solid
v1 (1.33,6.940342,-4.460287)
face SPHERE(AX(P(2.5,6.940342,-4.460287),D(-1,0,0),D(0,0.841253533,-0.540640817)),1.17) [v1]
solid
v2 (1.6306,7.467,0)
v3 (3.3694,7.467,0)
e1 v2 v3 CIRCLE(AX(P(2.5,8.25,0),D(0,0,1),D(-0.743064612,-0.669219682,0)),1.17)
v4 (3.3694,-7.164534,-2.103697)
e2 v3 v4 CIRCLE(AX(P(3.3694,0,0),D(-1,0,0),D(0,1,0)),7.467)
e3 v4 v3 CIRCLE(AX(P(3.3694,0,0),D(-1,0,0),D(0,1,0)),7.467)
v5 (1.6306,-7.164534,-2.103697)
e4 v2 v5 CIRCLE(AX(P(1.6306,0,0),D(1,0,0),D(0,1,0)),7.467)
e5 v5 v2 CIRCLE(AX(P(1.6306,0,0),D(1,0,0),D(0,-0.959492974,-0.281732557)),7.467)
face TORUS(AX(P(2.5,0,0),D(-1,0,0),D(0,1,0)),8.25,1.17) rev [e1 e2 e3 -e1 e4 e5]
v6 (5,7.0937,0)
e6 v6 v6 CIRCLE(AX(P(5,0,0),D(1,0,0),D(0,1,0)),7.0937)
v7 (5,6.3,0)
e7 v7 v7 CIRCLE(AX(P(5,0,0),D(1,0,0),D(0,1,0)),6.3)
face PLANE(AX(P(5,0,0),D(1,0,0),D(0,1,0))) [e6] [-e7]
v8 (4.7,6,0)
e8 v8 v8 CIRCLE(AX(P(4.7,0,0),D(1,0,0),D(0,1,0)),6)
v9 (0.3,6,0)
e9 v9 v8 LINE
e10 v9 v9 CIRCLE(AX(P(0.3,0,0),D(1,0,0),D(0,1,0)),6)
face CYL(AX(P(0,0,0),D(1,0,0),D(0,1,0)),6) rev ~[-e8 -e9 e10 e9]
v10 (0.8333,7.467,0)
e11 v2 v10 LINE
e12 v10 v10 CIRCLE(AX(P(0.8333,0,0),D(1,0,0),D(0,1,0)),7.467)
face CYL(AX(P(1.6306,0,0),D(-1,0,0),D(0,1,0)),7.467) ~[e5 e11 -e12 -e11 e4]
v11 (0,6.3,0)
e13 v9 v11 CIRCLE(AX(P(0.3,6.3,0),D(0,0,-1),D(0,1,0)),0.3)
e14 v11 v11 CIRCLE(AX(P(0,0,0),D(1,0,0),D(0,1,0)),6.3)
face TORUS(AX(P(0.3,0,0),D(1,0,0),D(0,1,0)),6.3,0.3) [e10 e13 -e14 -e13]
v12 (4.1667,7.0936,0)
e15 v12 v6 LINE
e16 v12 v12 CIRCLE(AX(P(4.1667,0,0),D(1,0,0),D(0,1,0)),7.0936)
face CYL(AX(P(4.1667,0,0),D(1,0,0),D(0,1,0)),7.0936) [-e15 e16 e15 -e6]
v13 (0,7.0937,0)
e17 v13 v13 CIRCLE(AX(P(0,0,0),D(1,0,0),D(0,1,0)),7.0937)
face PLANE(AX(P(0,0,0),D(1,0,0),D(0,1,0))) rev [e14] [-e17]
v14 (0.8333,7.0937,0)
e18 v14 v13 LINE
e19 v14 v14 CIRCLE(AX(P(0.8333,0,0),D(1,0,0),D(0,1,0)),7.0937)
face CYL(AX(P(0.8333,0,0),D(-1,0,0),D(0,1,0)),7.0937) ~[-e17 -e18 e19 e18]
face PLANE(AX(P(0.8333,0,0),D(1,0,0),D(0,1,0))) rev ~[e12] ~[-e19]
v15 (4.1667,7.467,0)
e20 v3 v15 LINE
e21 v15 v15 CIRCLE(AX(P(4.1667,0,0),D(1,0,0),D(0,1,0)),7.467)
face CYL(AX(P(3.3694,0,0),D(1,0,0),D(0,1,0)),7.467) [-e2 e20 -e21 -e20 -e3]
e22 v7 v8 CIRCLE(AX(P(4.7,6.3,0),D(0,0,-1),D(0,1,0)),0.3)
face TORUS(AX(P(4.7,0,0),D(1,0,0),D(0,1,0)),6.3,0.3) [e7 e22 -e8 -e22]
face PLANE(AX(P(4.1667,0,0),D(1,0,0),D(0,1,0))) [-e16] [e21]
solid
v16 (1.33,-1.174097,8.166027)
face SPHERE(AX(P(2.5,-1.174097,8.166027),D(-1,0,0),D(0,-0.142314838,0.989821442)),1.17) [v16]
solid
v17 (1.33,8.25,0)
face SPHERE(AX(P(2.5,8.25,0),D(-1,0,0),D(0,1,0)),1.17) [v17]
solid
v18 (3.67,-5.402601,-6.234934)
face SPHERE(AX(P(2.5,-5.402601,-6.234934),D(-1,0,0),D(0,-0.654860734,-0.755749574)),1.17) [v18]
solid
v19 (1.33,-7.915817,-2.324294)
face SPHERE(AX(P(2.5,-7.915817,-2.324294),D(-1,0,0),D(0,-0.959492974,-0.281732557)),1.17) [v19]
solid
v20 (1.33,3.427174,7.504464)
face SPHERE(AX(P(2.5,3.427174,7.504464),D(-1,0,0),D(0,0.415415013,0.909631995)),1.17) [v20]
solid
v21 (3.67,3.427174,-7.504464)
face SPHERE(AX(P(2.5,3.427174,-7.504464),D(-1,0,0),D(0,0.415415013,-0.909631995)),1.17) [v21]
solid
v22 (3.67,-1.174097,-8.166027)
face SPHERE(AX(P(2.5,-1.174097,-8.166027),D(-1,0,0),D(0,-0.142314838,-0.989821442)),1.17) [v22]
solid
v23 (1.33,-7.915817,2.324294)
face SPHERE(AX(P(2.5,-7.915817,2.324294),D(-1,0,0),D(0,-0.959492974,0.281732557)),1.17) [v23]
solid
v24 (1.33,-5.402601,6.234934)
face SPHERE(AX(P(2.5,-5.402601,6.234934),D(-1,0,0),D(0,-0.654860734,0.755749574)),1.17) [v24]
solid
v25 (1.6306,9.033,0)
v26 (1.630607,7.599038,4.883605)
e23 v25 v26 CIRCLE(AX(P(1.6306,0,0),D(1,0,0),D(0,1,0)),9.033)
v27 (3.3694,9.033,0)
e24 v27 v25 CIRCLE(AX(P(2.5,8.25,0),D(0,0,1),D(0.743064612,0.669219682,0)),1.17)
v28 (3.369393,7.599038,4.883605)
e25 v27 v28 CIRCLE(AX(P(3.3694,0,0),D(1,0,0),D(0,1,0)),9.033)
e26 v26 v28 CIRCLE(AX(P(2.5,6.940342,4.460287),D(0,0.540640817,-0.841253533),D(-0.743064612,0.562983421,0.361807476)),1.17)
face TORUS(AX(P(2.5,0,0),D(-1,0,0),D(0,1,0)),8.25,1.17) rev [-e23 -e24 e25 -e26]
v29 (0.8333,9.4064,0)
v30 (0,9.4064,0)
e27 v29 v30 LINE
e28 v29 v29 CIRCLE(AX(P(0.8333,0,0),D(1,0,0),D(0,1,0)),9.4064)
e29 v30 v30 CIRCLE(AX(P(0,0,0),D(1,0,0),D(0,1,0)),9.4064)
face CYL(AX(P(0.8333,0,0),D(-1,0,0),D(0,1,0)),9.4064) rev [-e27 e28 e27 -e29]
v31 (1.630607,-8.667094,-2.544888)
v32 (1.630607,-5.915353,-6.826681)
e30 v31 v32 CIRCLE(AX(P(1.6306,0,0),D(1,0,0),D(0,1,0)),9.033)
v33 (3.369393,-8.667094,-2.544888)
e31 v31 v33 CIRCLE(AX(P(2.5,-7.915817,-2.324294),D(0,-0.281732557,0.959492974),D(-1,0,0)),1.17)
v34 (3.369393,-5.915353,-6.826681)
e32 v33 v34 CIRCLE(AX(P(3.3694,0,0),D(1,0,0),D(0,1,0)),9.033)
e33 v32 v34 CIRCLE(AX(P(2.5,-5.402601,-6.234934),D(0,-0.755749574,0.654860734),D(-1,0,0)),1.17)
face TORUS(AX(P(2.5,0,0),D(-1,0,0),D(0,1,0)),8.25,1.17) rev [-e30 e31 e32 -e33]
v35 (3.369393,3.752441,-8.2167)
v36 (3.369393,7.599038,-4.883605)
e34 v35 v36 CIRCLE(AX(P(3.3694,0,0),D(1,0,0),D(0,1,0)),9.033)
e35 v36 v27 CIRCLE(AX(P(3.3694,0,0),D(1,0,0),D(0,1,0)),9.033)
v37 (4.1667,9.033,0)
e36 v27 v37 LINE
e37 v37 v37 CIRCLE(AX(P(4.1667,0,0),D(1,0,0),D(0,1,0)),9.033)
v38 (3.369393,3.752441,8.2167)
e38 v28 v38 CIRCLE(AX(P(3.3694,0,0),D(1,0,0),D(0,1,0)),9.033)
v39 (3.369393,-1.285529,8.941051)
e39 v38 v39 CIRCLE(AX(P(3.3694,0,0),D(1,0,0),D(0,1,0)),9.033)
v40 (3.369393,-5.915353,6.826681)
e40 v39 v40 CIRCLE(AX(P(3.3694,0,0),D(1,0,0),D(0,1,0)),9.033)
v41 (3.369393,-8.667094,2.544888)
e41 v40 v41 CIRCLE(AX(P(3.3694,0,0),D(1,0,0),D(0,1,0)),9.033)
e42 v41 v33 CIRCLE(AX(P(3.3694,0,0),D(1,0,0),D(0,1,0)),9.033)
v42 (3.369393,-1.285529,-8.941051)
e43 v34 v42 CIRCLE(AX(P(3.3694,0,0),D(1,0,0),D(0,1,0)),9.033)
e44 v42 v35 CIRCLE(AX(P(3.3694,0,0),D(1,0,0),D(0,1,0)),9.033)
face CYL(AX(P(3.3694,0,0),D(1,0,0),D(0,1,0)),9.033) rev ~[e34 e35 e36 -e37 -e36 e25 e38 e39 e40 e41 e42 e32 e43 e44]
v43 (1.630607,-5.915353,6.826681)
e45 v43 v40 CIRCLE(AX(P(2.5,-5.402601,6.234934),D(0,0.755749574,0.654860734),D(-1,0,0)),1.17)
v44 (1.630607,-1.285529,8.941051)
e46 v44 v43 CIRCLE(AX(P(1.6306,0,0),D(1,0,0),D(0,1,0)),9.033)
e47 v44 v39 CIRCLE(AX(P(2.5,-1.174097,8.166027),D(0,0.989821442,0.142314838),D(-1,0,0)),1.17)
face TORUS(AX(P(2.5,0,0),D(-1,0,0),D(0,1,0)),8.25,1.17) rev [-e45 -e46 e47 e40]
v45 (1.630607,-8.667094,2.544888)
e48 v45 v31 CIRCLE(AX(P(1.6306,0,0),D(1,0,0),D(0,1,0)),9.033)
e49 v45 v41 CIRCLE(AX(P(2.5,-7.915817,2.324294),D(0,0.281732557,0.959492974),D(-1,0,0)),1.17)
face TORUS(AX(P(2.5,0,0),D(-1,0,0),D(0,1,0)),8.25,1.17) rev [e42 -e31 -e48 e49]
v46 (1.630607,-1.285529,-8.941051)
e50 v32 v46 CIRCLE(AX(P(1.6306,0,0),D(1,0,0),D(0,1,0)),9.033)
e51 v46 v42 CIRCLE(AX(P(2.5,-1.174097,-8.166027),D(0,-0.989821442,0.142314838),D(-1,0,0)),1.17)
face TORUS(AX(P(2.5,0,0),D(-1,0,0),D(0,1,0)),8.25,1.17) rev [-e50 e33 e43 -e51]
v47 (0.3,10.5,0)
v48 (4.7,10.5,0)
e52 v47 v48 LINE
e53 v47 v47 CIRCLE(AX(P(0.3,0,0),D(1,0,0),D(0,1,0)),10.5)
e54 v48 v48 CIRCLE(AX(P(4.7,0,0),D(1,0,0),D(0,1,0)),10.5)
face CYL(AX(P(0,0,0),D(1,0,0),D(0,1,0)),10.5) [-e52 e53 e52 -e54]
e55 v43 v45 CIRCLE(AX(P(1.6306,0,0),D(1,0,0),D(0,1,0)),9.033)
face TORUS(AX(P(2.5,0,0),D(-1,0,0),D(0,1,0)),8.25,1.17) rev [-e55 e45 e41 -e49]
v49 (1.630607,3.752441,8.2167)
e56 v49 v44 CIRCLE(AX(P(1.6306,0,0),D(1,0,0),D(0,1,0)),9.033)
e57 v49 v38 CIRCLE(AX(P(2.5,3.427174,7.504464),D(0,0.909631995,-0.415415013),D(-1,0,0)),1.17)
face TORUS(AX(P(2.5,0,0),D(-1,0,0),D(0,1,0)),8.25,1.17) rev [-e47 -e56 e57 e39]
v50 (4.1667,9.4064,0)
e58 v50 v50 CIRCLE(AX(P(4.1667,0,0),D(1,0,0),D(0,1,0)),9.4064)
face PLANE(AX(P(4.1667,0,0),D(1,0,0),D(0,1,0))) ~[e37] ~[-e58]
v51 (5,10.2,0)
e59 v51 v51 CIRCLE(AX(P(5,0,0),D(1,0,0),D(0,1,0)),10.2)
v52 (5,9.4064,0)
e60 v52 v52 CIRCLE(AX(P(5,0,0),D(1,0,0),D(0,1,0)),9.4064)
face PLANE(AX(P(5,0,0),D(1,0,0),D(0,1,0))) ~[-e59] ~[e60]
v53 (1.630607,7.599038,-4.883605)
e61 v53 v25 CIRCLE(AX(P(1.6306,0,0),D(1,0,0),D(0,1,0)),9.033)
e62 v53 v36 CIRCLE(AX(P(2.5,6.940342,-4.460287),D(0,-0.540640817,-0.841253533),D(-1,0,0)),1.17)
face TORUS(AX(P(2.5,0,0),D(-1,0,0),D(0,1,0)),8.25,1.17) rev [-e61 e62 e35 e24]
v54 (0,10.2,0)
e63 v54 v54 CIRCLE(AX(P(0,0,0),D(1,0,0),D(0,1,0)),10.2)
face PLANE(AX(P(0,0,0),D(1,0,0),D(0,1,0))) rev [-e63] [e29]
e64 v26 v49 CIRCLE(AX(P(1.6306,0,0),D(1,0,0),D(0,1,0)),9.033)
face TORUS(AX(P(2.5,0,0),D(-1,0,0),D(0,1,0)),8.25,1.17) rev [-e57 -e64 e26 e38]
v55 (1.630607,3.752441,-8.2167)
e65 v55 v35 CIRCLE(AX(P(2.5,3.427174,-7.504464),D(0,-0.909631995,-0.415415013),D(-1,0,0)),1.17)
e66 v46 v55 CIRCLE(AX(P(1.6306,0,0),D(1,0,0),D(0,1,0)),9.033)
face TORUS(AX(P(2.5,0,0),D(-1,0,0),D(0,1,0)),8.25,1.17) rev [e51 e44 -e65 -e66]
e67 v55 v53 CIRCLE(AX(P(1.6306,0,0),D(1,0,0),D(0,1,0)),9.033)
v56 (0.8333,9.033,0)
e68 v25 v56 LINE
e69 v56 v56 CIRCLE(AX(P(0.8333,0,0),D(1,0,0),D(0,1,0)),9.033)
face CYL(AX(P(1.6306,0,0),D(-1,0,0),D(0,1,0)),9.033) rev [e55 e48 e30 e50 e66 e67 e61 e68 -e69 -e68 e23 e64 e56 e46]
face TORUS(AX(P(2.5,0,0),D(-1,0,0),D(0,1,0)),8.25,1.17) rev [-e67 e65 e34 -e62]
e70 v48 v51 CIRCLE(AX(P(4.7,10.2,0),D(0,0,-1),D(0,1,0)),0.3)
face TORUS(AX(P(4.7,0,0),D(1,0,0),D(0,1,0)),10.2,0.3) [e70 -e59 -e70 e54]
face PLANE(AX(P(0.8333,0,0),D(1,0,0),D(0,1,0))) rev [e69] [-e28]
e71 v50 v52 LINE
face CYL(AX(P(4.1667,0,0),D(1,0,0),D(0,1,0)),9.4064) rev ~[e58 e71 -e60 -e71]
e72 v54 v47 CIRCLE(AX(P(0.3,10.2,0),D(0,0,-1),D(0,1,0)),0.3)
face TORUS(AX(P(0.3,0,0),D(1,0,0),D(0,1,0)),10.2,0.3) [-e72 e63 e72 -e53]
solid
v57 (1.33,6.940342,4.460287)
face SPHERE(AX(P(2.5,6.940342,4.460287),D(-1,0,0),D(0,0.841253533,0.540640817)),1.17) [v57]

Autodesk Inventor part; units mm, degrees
ref_plane "YZ Plane" through (0, 0, 0) normal (1, 0, 0) x (0, 1, 0)
ref_plane "XZ Plane" through (0, 0, 0) normal (0, 1, 0) x (-1, 0, 0)
ref_plane "XY Plane" through (0, 0, 0) normal (0, 0, 1) x (1, 0, 0)
sketch "Sketch" plane through (0, 0, 0) normal (0, 0, 1) x (1, 0, 0)
  circle A0 centre (2.5, 8.25) radius 1.17
  line L0 (2.5, 8.25) -> (3.67, 8.25)
  line L1 (2.5, 8.25) -> (1.33, 8.25)
  line L2 (2.5, 7.08) -> (2.5, 9.42)
  line L3 (1.6306, 7.467) -> (0.8333, 7.467)
  line L4 (0, 7.467) -> (0, 7.467)
  line L5 (0, 7.467) -> (0, 7.467)
  line L6 (0, 6) -> (5, 6)
  line L7 (1.6306, 9.033) -> (0.8333, 9.033)
  line L8 (0, 9.033) -> (0, 9.033)
  line L9 (0, 9.033) -> (0, 9.033)
  line L10 (0, 10.5) -> (0.8333, 10.5)
  line L11 (0.8333, 10.5) -> (0.8333, 10.5)
  line L12 (0.8333, 10.5) -> (1.6667, 10.5)
  line L13 (1.6667, 10.5) -> (1.6667, 10.5)
  line L14 (1.6667, 10.5) -> (5, 10.5)
  line L15 (3.3694, 7.467) -> (4.1667, 7.467)
  line L16 (5, 7.467) -> (5, 7.467)
  line L17 (5, 7.467) -> (5, 7.467)
  line L18 (5, 7.0937) -> (5, 6)
  line L19 (3.3694, 9.033) -> (4.1667, 9.033)
  line L20 (5, 9.033) -> (5, 9.033)
  line L21 (5, 9.033) -> (5, 9.033)
  line L22 (5, 9.4064) -> (5, 10.5)
  line L23 (-3, 0) -> (18, 0) projected
  line L24 (0, -1.2) -> (0, 10.7) projected
  line L25 (0.8333, 9.033) -> (0.8333, 9.4064)
  line L26 (0.8333, 9.4064) -> (0, 9.4064)
  line L27 (0.8333, 7.467) -> (0.8333, 7.0937)
  line L28 (0.8333, 7.0937) -> (0, 7.0937)
  line L29 (4.1667, 9.033) -> (4.1667, 9.4064)
  line L30 (4.1667, 9.4064) -> (5, 9.4064)
  line L31 (4.1667, 7.467) -> (4.1667, 7.0936)
  line L32 (4.1667, 7.0936) -> (5, 7.0937)
  dimension "d0" = 2.34
  dimension "d7" = 12
  dimension "d8" = 21
  dimension "d9" = 16.5
  dimension "d10" = 21
  dimension "d11" = 14.1873
  dimension "d12" = 14.1873
  dimension "d13" = 14.934
  dimension "d14" = 0.8333
  dimension "d15" = 4.1667
  dimension "d16" = 5
  dimension "d19" = 0.8333
  dimension "d20" = 1.6667
  dimension "d22" = 2.5
revolve "Body" add sketch "Sketch" angle 360 about axis through (-10, 0, 0) along (1, 0, 0) contours A0 L7 L25 L26 L24 L10 L12 L14 L22 L30 L29 L19 | L15 L31 L32 L18 L6 L24 L28 L27 L3 A0
fillet "Fillet1" radius 0.3 4 edges at (0, -10.5, 0) (5, -10.5, 0) (0, -6, 0) (5, -6, 0)
revolve "Ball" add sketch "Sketch" angle 360 about axis through (2.5, 8.25, 0) along (-1, 0, 0) picked at (3.1341, 8.6941) picked at (1.8659, 8.6941) contours L0 L2 A0 | L1 A0 L2
pattern_circular "Balls" count 11 over 360 about axis through (-10, 0, 0) along (1, 0, 0) of "Ball"
equation "\"d0\" = -0.26 * WD + 0.26 * BD"
equation "\"d7\" = WD"
equation "\"d8\" = BD"
equation "\"d9\" = 0.5 * WD + 0.5 * BD"
equation "\"d10\" = BD - 2 * RT"
equation "\"d11\" = ND2"
equation "\"d12\" = ND"
equation "\"d13\" = 0.326 * BD + 0.674 * WD"
equation "\"d14\" = NBR2"
equation "\"d15\" = KB - NBR"
equation "\"d16\" = KB"
equation "\"d19\" = NBR3"
equation "\"d20\" = 2 * NBR3"
equation "\"d22\" = 0.5 * KB"
equation "\"d1\" = KRS"
equation "\"WD\" = 12"
equation "\"BD\" = 21"
equation "\"KB\" = 5"
equation "\"KRS\" = 0.3"
equation "\"ND\" = 0.6403 * WD + 0.3097 * BD"
equation "\"ND2\" = 0.6403 * WD + 0.3097 * BD"
equation "\"NBR2\" = 0.166667 * KB"
equation "\"RT\" = 0"
equation "\"NBR\" = 0.166667 * KB"
equation "\"NBR3\" = 0.166667 * KB"
equation "\"WR\" = 0.5 * WD"
equation "\"KR1S\" = KRS"
equation "\"BR\" = 0.5 * BD"
properties part number "Bearing 61801-2Z GB/T 276-94" material "Steel, Mild"
